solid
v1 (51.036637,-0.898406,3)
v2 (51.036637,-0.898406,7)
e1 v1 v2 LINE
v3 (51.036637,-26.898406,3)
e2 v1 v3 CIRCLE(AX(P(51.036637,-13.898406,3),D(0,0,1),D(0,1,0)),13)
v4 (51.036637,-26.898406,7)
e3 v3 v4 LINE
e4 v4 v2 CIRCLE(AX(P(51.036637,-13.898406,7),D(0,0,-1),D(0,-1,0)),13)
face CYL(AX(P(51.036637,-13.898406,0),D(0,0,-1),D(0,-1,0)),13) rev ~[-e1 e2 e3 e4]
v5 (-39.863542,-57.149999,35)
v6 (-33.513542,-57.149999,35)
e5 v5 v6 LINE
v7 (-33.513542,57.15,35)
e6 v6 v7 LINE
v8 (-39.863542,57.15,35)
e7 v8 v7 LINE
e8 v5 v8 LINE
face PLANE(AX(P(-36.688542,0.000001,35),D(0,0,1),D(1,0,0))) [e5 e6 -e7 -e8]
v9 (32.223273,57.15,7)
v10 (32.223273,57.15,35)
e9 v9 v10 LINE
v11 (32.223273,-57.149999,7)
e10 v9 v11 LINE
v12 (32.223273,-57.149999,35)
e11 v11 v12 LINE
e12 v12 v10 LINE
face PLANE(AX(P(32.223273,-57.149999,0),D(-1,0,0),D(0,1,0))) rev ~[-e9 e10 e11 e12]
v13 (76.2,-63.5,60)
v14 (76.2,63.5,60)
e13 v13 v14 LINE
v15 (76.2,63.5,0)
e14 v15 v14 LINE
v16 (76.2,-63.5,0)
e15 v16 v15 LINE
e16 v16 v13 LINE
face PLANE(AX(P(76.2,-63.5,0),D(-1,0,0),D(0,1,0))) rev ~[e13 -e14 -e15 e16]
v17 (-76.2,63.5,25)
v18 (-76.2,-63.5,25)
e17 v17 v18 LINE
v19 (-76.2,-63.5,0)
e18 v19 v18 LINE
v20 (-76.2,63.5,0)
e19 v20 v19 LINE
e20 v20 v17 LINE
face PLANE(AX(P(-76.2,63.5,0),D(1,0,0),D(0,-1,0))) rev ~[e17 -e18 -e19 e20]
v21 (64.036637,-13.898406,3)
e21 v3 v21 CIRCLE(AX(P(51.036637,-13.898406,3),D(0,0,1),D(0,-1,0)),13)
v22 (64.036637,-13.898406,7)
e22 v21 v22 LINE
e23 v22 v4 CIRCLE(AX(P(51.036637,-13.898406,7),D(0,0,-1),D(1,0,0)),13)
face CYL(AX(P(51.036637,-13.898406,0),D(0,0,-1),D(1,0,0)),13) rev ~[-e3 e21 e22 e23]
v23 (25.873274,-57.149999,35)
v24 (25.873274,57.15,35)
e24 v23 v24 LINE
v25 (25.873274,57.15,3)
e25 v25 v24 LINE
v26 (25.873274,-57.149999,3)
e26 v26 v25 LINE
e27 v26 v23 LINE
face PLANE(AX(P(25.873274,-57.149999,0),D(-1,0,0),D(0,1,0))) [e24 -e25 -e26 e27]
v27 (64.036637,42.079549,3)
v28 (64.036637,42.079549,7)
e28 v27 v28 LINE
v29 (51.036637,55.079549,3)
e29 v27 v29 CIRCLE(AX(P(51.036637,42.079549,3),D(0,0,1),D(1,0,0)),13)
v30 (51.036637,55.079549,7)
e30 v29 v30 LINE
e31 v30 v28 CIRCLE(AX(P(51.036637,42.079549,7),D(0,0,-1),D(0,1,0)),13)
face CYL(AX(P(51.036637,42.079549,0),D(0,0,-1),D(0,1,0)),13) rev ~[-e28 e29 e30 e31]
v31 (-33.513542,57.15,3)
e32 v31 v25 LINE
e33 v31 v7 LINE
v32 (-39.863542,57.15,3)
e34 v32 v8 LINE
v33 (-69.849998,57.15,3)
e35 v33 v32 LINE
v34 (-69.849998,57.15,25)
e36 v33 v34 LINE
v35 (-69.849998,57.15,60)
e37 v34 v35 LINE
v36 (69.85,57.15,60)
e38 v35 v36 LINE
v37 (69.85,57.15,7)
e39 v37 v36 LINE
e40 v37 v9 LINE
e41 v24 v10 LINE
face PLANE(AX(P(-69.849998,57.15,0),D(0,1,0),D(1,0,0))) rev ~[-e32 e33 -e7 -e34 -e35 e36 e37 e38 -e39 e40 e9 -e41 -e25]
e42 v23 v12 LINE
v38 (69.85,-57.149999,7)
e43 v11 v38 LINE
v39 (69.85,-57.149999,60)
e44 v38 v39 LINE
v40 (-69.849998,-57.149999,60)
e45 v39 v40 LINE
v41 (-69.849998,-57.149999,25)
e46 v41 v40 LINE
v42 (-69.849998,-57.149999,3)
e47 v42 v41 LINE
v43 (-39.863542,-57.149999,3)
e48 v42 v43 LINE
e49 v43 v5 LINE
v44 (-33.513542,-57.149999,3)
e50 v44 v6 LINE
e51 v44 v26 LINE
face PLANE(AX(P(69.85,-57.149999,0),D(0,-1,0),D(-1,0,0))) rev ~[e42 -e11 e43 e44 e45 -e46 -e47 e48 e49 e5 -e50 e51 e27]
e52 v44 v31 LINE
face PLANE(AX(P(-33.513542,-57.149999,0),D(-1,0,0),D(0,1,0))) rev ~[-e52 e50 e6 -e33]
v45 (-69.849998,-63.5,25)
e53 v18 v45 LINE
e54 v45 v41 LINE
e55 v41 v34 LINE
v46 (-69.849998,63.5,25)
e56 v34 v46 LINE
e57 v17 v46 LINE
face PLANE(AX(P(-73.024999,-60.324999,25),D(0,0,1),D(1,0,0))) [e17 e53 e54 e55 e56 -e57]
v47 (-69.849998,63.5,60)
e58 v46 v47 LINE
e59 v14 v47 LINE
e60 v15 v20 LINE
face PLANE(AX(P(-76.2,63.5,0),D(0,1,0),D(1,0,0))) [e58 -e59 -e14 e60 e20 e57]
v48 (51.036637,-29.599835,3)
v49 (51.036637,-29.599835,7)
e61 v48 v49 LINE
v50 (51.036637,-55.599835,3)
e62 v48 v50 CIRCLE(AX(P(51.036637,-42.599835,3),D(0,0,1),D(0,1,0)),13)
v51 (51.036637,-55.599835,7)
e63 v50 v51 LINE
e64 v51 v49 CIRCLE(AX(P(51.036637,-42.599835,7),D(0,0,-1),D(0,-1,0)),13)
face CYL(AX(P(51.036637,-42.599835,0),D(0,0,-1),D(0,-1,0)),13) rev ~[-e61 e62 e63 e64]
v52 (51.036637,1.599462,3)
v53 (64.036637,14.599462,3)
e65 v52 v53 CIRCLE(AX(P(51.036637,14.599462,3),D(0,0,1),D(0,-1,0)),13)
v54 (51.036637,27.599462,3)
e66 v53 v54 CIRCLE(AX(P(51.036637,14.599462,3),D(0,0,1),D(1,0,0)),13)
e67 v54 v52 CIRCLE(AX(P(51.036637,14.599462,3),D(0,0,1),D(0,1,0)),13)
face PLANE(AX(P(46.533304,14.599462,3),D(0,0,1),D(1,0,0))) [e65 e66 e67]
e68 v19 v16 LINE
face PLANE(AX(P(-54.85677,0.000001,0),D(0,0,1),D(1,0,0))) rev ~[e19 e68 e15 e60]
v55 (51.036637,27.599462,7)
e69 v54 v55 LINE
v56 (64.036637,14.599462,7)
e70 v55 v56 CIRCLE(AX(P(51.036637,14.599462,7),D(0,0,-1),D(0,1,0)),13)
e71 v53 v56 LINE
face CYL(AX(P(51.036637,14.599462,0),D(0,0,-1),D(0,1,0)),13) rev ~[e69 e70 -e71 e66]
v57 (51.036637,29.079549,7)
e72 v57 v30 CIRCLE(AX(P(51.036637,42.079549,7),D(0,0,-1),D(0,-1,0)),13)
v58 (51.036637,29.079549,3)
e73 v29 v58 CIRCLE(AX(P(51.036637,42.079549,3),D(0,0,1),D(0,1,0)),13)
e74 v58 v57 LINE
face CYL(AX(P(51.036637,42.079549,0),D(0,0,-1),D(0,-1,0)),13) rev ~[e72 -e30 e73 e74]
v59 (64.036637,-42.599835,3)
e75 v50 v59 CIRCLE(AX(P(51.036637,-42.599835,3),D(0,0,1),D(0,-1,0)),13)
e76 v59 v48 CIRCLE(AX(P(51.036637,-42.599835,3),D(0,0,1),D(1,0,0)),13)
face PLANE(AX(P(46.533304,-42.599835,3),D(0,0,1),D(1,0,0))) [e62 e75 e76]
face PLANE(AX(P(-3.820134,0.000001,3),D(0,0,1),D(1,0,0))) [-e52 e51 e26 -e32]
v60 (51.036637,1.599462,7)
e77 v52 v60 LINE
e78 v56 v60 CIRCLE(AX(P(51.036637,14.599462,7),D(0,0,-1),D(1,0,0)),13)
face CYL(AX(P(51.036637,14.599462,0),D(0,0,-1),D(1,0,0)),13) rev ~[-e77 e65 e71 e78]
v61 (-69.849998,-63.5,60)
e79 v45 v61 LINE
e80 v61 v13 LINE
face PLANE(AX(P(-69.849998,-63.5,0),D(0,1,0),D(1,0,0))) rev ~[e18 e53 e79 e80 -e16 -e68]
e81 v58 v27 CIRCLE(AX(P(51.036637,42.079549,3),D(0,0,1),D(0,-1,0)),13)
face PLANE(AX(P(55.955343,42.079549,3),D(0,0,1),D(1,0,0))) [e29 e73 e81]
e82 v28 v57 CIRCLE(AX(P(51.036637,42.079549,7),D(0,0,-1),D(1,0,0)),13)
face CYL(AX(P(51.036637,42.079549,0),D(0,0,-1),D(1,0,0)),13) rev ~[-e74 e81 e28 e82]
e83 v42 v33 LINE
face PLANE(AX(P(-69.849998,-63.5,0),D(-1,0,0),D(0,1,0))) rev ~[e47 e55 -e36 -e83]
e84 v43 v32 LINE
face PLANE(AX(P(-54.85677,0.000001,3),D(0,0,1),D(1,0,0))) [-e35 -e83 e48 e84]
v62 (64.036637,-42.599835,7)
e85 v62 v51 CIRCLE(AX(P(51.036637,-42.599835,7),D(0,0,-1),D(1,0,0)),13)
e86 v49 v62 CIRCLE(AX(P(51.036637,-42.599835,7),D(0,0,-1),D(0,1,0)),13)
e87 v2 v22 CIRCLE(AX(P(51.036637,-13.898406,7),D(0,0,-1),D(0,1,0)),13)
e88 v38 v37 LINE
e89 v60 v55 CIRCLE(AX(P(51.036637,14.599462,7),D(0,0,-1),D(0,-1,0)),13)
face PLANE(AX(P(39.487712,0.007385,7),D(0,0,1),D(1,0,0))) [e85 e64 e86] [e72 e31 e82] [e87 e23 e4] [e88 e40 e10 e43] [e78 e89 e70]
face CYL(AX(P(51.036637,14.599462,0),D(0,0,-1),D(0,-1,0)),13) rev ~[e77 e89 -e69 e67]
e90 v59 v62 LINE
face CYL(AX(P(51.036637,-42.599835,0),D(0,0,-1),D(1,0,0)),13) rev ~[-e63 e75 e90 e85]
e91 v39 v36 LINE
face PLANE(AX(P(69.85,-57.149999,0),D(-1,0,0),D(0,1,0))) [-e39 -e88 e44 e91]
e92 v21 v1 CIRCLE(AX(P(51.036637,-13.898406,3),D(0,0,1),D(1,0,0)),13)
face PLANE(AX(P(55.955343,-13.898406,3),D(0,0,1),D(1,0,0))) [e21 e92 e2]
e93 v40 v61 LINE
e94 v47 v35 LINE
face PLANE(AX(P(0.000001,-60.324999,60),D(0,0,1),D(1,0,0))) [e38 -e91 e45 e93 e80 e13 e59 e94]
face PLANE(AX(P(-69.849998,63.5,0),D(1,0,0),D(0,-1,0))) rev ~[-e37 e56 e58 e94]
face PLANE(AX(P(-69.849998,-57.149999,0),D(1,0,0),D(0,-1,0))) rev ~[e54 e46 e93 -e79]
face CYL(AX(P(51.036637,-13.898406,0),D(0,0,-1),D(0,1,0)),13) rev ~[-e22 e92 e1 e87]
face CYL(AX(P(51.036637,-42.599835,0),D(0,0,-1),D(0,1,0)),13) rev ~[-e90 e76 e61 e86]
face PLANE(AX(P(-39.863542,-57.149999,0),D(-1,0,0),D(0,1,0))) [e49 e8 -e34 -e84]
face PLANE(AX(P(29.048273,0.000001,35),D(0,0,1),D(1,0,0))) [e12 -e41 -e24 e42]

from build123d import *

# Parameters (mm, degrees)
F0_W     = 6.3500022411
F0_H     = 6.3500011563
F0_H_2   = 114.2999988437
F0_H_3   = 6.35
F1_DEPTH = 25
F0_W_2   = 6.35
F2_DEPTH = 60
F0_W_3   = 6.3499994576
F3_DEPTH = 35
F4_DEPTH = 7
F0_W_4   = 29.9864560366
F0_W_5   = 59.3868153334
F5_DEPTH = 3


with BuildPart() as f1:
    # F0 (on Top) → F1 (new body)
    with BuildSketch(Plane.XY):
        with Locations((-73.0249988794, -60.3249994218)):
            Rectangle(F0_W, F0_H)
        with Locations((-73.0249988794, 5.782e-07)):
            Rectangle(F0_W, F0_H_2)
        with Locations((-73.0249988794, 60.325)):
            Rectangle(F0_W, F0_H_3)
    extrude(amount=F1_DEPTH)

    # F0 (on Top) → F2 (join)
    with BuildSketch(Plane.XY):
        Polygon((-39.8635417223, -57.1499988437), (-69.8499977589, -57.1499988437), (-69.8499977589, -63.5), (69.85, -63.5), (69.85, -57.1499988437), (51.0366365343, -57.1499988437), (32.2232730687, -57.1499988437), (25.8732736111, -57.1499988437), (-33.5135417223, -57.1499988437), align=None)
        Polygon((69.85, 63.5), (-69.8499977589, 63.5), (-69.8499977589, 57.15), (-39.8635417223, 57.15), (-33.5135417223, 57.15), (25.8732736111, 57.15), (32.2232730687, 57.15), (51.0366365343, 57.15), (69.85, 57.15), align=None)
        with Locations((73.025, 5.782e-07)):
            Rectangle(F0_W_2, F0_H_2)
        with Locations((73.025, -60.3249994218)):
            Rectangle(F0_W_2, F0_H)
        with Locations((73.025, 60.325)):
            Rectangle(F0_W_2, F0_H_3)
    extrude(amount=F2_DEPTH)

    # F0 (on Top) → F3 (join)
    with BuildSketch(Plane.XY):
        with Locations((-36.6885417223, 5.782e-07)):
            Rectangle(F0_W_2, F0_H_2)
        with Locations((29.0482733399, 5.782e-07)):
            Rectangle(F0_W_3, F0_H_2)
    extrude(amount=F3_DEPTH)

    # F0 (on Top) → F4 (join)
    with BuildSketch(Plane.XY):
        with BuildLine():
            Line((51.0366365343, 55.0795492828), (51.0366365343, 57.15))
            Line((51.0366365343, 57.15), (32.2232730687, 57.15))
            Line((32.2232730687, 57.15), (32.2232730687, -57.1499988437))
            Line((32.2232730687, -57.1499988437), (51.0366365343, -57.1499988437))
            Line((51.0366365343, -57.1499988437), (51.0366365343, -55.5998345017))
            ThreePointArc((51.0366365343, -55.5998345017), (38.0366365343, -42.5998345017), (51.0366365343, -29.5998345017))
            Line((51.0366365343, -29.5998345017), (51.0366365343, -26.8984061778))
            ThreePointArc((51.0366365343, -26.8984061778), (38.0366365343, -13.8984061778), (51.0366365343, -0.8984061778))
            Line((51.0366365343, -0.8984061778), (51.0366365343, 1.5994620398))
            ThreePointArc((51.0366365343, 1.5994620398), (38.0366365343, 14.5994620398), (51.0366365343, 27.5994620398))
            Line((51.0366365343, 27.5994620398), (51.0366365343, 29.0795492828))
            ThreePointArc((51.0366365343, 29.0795492828), (38.0366365343, 42.0795492828), (51.0366365343, 55.0795492828))
        make_face()
        with BuildLine():
            Line((69.85, -57.1499988437), (69.85, 57.15))
            Line((69.85, 57.15), (51.0366365343, 57.15))
            Line((51.0366365343, 57.15), (51.0366365343, 55.0795492828))
            ThreePointArc((51.0366365343, 55.0795492828), (60.2290246898, 51.2719374382), (64.0366365343, 42.0795492828))
            ThreePointArc((64.0366365343, 42.0795492828), (60.2290246898, 32.8871611274), (51.0366365343, 29.0795492828))
            Line((51.0366365343, 29.0795492828), (51.0366365343, 27.5994620398))
            ThreePointArc((51.0366365343, 27.5994620398), (60.2290246898, 23.7918501952), (64.0366365343, 14.5994620398))
            ThreePointArc((64.0366365343, 14.5994620398), (60.2290246898, 5.4070738843), (51.0366365343, 1.5994620398))
            Line((51.0366365343, 1.5994620398), (51.0366365343, -0.8984061778))
            ThreePointArc((51.0366365343, -0.8984061778), (60.2290246898, -4.7060180223), (64.0366365343, -13.8984061778))
            ThreePointArc((64.0366365343, -13.8984061778), (60.2290246898, -23.0907943332), (51.0366365343, -26.8984061778))
            Line((51.0366365343, -26.8984061778), (51.0366365343, -29.5998345017))
            ThreePointArc((51.0366365343, -29.5998345017), (60.2290246898, -33.4074463463), (64.0366365343, -42.5998345017))
            ThreePointArc((64.0366365343, -42.5998345017), (60.2290246898, -51.7922226572), (51.0366365343, -55.5998345017))
            Line((51.0366365343, -55.5998345017), (51.0366365343, -57.1499988437))
            Line((51.0366365343, -57.1499988437), (69.85, -57.1499988437))
        make_face()
    extrude(amount=F4_DEPTH)

    # F0 (on Top) → F5 (join)
    with BuildSketch(Plane.XY):
        with Locations((-54.8567697406, 5.782e-07)):
            Rectangle(F0_W_4, F0_H_2)
        with Locations((-3.8201340556, 5.782e-07)):
            Rectangle(F0_W_5, F0_H_2)
        with BuildLine():
            ThreePointArc((51.0366365343, -29.5998345017), (38.0366365343, -42.5998345017), (51.0366365343, -55.5998345017))
            Line((51.0366365343, -55.5998345017), (51.0366365343, -29.5998345017))
        make_face()
        with BuildLine():
            Line((51.0366365343, -29.5998345017), (51.0366365343, -55.5998345017))
            ThreePointArc((51.0366365343, -55.5998345017), (60.2290246898, -51.7922226572), (64.0366365343, -42.5998345017))
            ThreePointArc((64.0366365343, -42.5998345017), (60.2290246898, -33.4074463463), (51.0366365343, -29.5998345017))
        make_face()
        with BuildLine():
            Line((51.0366365343, -0.8984061778), (51.0366365343, -26.8984061778))
            ThreePointArc((51.0366365343, -26.8984061778), (60.2290246898, -23.0907943332), (64.0366365343, -13.8984061778))
            ThreePointArc((64.0366365343, -13.8984061778), (60.2290246898, -4.7060180223), (51.0366365343, -0.8984061778))
        make_face()
        with BuildLine():
            ThreePointArc((51.0366365343, -0.8984061778), (38.0366365343, -13.8984061778), (51.0366365343, -26.8984061778))
            Line((51.0366365343, -26.8984061778), (51.0366365343, -0.8984061778))
        make_face()
        with BuildLine():
            Line((51.0366365343, 1.5994620398), (51.0366365343, 27.5994620398))
            ThreePointArc((51.0366365343, 27.5994620398), (38.0366365343, 14.5994620398), (51.0366365343, 1.5994620398))
        make_face()
        with BuildLine():
            ThreePointArc((64.0366365343, 14.5994620398), (60.2290246898, 23.7918501952), (51.0366365343, 27.5994620398))
            Line((51.0366365343, 27.5994620398), (51.0366365343, 1.5994620398))
            ThreePointArc((51.0366365343, 1.5994620398), (60.2290246898, 5.4070738843), (64.0366365343, 14.5994620398))
        make_face()
        with BuildLine():
            ThreePointArc((64.0366365343, 42.0795492828), (60.2290246898, 51.2719374382), (51.0366365343, 55.0795492828))
            Line((51.0366365343, 55.0795492828), (51.0366365343, 29.0795492828))
            ThreePointArc((51.0366365343, 29.0795492828), (60.2290246898, 32.8871611274), (64.0366365343, 42.0795492828))
        make_face()
        with BuildLine():
            Line((51.0366365343, 29.0795492828), (51.0366365343, 55.0795492828))
            ThreePointArc((51.0366365343, 55.0795492828), (38.0366365343, 42.0795492828), (51.0366365343, 29.0795492828))
        make_face()
    extrude(amount=F5_DEPTH)


solid = f1.part
